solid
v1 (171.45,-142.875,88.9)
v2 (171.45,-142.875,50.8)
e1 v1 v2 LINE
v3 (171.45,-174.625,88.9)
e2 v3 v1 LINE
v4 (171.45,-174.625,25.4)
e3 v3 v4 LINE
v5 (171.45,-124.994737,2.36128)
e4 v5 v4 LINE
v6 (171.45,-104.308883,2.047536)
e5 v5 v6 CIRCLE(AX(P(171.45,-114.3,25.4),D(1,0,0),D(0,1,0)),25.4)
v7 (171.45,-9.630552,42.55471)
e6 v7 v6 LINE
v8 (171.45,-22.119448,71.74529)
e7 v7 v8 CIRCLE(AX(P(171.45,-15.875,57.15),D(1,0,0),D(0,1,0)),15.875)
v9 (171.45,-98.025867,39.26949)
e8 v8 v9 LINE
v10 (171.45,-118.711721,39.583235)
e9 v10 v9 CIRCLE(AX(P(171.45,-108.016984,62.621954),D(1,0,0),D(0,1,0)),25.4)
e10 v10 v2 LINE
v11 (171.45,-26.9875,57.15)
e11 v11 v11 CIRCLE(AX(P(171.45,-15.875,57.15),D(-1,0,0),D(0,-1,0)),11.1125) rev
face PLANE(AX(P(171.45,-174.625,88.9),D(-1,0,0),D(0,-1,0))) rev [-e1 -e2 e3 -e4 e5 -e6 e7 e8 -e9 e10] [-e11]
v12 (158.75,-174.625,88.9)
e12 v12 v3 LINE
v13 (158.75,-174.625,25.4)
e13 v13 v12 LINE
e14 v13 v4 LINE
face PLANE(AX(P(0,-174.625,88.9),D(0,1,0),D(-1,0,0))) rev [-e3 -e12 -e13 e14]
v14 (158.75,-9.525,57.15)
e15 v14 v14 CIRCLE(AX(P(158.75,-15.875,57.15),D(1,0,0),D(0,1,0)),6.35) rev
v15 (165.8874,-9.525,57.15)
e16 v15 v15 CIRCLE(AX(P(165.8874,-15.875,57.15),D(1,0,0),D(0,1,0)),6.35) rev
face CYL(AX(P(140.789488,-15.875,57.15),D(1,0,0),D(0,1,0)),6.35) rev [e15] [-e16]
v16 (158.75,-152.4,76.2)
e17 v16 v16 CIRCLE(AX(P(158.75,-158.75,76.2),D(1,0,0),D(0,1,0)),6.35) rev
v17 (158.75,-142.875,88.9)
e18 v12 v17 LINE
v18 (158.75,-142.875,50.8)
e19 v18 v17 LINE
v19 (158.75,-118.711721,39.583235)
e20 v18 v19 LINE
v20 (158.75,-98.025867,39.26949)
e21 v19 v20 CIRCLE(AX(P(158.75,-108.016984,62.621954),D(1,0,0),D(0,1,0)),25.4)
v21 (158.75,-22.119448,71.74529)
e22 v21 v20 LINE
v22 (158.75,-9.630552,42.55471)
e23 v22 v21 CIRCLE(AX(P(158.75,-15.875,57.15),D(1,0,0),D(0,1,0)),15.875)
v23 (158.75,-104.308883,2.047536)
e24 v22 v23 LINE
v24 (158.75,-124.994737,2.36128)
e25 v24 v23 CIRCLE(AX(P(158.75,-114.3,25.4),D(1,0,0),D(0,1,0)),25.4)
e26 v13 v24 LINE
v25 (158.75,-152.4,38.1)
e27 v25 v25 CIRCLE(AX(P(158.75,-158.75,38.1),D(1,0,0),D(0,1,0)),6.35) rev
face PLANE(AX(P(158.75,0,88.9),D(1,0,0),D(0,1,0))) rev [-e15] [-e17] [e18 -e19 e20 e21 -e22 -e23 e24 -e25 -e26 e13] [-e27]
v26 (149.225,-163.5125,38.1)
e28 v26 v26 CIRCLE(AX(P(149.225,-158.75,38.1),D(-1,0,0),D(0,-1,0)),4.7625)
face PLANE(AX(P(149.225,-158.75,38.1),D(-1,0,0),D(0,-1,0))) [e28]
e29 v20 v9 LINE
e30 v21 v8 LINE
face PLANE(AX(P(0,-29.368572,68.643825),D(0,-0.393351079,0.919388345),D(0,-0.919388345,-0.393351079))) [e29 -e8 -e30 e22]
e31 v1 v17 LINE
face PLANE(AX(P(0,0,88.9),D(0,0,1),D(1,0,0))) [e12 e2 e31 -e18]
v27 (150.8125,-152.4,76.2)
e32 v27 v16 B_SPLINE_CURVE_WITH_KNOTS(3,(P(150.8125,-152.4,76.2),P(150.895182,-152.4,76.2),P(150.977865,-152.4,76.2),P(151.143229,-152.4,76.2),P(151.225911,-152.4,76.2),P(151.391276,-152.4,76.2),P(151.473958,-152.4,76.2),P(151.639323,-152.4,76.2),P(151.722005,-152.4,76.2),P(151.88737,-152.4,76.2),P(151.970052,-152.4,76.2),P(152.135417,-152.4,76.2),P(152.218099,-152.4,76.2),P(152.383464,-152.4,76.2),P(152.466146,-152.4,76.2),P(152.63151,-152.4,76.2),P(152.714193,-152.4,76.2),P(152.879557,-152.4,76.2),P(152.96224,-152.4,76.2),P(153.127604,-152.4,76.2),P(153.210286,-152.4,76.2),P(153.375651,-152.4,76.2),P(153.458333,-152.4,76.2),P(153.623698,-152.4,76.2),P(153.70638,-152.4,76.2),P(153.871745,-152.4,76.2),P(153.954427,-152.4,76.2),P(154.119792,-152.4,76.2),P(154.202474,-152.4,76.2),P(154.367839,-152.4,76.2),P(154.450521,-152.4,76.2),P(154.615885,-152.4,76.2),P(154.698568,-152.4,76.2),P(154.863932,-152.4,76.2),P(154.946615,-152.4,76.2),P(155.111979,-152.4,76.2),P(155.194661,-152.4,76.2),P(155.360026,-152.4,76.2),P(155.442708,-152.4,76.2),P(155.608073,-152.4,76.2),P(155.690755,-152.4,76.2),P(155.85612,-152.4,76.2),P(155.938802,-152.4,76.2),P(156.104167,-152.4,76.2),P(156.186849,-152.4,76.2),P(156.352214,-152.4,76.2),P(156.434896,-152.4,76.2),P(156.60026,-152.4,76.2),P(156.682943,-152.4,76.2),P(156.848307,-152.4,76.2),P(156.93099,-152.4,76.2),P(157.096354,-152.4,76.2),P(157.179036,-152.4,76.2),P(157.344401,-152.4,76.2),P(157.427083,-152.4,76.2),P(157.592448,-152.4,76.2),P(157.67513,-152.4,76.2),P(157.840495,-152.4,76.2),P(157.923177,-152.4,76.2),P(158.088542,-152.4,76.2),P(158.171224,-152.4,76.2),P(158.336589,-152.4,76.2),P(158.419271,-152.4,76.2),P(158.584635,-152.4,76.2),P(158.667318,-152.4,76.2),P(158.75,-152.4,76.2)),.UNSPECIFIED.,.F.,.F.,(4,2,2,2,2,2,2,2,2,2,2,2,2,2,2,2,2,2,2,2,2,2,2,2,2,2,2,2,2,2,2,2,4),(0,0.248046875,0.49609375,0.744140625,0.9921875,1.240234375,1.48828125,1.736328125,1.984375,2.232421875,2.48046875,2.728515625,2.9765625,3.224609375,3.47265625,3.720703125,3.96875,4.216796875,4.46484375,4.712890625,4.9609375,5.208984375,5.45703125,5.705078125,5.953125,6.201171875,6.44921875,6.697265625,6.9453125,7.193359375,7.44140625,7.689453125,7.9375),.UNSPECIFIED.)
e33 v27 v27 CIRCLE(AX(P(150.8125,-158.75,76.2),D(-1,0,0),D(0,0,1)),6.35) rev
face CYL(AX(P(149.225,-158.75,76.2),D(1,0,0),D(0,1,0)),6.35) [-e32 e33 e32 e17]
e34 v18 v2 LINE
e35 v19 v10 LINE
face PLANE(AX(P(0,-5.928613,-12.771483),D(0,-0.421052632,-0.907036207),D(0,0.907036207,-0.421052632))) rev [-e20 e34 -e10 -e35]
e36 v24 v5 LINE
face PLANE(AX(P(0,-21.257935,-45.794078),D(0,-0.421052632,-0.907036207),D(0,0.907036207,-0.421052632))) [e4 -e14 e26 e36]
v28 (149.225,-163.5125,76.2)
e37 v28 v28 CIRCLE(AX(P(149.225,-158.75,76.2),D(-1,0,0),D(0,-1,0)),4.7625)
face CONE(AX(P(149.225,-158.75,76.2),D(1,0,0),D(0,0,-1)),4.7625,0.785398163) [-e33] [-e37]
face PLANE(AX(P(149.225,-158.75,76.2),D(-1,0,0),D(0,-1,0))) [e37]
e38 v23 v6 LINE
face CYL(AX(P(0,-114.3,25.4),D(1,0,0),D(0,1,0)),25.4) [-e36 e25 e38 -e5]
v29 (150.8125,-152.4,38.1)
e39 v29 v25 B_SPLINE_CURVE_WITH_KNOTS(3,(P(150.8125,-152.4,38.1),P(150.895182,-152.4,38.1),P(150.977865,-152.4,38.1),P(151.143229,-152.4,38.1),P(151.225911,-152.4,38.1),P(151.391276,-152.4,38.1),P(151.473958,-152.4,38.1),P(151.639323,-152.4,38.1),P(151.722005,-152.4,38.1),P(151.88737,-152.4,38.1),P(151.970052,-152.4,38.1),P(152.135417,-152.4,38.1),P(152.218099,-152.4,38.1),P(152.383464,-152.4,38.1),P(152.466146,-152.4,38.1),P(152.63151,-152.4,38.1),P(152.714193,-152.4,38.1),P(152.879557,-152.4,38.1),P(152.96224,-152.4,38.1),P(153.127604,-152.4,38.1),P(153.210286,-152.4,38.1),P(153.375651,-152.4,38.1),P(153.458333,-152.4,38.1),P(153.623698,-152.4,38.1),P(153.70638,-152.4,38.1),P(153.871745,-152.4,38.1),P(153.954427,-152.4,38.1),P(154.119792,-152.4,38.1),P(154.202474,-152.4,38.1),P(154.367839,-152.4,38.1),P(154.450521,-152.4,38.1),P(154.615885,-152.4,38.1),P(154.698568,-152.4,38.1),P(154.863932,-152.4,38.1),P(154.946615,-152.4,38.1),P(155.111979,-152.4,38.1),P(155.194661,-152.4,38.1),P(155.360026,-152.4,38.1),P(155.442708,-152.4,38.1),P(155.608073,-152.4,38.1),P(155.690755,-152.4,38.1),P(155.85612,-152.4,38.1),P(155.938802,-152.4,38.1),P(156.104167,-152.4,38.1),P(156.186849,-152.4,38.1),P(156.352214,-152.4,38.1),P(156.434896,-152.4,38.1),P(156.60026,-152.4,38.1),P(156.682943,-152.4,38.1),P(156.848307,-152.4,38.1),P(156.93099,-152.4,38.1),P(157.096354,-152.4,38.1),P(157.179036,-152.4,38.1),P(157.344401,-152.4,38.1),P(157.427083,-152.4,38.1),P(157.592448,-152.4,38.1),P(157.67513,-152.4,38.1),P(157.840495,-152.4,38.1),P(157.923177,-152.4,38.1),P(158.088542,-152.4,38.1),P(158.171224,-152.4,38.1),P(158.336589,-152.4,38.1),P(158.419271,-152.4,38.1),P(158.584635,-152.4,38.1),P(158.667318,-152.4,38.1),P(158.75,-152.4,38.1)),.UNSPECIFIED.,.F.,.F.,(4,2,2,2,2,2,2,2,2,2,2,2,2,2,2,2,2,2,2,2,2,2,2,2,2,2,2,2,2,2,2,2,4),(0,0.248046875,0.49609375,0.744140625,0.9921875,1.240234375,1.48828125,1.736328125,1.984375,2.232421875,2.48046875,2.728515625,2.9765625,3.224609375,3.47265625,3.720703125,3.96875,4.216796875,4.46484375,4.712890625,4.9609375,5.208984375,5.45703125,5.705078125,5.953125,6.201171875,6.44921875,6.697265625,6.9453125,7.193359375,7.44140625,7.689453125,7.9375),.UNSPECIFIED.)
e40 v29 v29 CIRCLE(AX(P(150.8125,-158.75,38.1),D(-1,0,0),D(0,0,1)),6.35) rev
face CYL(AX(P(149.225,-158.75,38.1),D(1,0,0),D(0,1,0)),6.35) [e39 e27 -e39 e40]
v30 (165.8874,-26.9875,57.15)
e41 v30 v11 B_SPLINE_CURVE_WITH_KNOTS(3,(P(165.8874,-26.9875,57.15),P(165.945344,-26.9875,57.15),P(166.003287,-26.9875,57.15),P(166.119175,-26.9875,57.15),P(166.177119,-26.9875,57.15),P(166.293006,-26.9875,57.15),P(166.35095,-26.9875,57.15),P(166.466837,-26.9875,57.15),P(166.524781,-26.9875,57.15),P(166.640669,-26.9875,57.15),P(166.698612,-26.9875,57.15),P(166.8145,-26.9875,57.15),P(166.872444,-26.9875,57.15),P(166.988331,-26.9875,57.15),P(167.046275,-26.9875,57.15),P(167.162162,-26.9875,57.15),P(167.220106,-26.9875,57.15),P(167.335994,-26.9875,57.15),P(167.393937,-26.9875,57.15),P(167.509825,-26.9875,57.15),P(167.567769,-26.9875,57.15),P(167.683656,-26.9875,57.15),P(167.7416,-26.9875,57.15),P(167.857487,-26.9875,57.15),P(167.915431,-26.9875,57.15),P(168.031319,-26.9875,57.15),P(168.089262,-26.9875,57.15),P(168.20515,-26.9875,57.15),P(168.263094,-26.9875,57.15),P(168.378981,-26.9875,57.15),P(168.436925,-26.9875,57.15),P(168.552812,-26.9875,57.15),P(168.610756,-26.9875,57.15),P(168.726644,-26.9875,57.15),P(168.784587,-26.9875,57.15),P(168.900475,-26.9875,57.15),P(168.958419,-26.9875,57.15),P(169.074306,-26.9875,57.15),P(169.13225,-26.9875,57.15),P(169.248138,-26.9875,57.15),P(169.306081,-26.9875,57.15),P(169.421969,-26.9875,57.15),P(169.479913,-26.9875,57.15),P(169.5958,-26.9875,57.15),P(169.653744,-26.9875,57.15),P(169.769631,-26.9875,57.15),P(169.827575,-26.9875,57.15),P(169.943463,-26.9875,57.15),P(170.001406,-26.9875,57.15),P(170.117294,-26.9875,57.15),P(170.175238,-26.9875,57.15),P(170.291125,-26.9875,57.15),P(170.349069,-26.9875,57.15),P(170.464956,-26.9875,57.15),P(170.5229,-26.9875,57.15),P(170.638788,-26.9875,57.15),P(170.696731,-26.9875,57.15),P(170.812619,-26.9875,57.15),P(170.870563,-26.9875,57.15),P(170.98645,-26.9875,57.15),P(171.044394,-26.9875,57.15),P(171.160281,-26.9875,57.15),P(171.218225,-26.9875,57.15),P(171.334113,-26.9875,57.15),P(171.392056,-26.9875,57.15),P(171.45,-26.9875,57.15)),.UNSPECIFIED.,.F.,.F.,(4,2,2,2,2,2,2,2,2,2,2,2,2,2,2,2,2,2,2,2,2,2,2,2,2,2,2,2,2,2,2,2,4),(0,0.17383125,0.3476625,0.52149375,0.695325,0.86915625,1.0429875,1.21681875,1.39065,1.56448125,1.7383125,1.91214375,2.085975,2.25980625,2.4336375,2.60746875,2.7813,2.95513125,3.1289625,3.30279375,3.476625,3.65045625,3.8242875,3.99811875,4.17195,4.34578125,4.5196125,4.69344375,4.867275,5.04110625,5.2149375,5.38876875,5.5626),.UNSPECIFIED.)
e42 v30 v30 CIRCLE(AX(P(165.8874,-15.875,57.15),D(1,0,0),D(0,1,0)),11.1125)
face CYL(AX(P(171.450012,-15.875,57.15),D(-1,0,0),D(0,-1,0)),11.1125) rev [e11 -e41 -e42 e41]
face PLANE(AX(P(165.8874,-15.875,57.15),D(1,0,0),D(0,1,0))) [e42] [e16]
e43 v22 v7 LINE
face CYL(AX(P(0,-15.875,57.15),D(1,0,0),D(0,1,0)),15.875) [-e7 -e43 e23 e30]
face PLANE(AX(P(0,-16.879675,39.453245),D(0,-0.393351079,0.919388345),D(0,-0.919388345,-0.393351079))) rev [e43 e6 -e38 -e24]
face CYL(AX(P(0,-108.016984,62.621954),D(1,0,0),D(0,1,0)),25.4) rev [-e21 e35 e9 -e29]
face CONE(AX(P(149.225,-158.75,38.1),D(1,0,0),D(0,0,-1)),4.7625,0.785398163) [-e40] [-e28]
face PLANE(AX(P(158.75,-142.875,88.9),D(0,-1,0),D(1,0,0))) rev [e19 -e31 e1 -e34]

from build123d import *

# Parameters (mm, degrees)
BOSS_EXTRUDE1_DEPTH      = 88.9
CUT_EXTRUDE2_DEPTH       = 241.232341963
CUT_EXTRUDE2_DEPTH_BACK  = 241.232341963
SKETCH3_R                = 28.575
CUT_EXTRUDE5_DEPTH       = 28.575
CUT_EXTRUDE6_DEPTH       = 243.134084755
CUT_EXTRUDE6_DEPTH_BACK  = 243.134084755
SKETCH4_R                = 12.7
CUT_EXTRUDE7_DEPTH       = 261.369359036
CUT_EXTRUDE7_DEPTH_BACK  = 261.369359036
CUT_EXTRUDE8_DEPTH       = 261.369359036
CUT_EXTRUDE8_DEPTH_BACK  = 12.7
SKETCH6_R                = 6.35
SKETCH7_R                = 6.35
CUT_EXTRUDE9_DEPTH       = 12.7
SKETCH12_R               = 12.7
CUT_EXTRUDE13_DEPTH      = 3.175
CUT_EXTRUDE14_DEPTH      = 158.75
CUT_EXTRUDE14_DEPTH_BACK = 253.187753717
CUT_EXTRUDE14_START      = -12.7
SKETCH14_R               = 1.5875
CUT_EXTRUDE15_DEPTH      = 261.369359036
CUT_EXTRUDE15_DEPTH_BACK = 261.369359036
SKETCH15_W               = 158.75
SKETCH15_H               = 174.625
SKETCH17_R               = 6.35
BOSS_EXTRUDE3_DEPTH      = 9.525
CHAMFER2_SIZE            = 1.5875
CUT_EXTRUDE16_DEPTH      = 198.208141947
CUT_EXTRUDE16_DEPTH_BACK = 5.5626
SKETCH18_R               = 11.1125


with BuildPart() as part:
    # Sketch1 → Boss-Extrude1 (new body)
    with BuildSketch(Plane.XY):
        Polygon((0, 0), (0, -174.625), (171.45, -174.625), (171.45, 0), (158.75, 0), (158.75, -142.875), (12.7, -142.875), (12.7, 0), align=None)
    extrude(amount=BOSS_EXTRUDE1_DEPTH)

    # Sketch2 → Cut-Extrude2 (cut, two sides: drawn at the far end of the back side and taken through both)
    with BuildSketch(Plane(origin=(0, -142.875, 0), x_dir=(1, 0, 0), z_dir=(0, 1, 0)).offset(-CUT_EXTRUDE2_DEPTH_BACK)):
        Polygon((158.75, 0), (12.7, 0), (12.7, -25.4), (85.724999876, -25.4), (158.75, -25.4), align=None)
    extrude(amount=CUT_EXTRUDE2_DEPTH + CUT_EXTRUDE2_DEPTH_BACK, mode=Mode.SUBTRACT)

    # Sketch3 → Cut-Extrude5 (cut)
    with BuildSketch(Plane.XZ.offset(174.625)):
        with Locations((85.725, 57.15)):
            Circle(SKETCH3_R)
    extrude(amount=-CUT_EXTRUDE5_DEPTH, mode=Mode.SUBTRACT)

    # Sketch4 → Cut-Extrude6 (cut, two sides: drawn at the far end of the back side and taken through both)
    with BuildSketch(Plane.XZ.offset(146.05).offset(-CUT_EXTRUDE6_DEPTH_BACK)):
        with Locations((85.725, 57.15)):
            Circle(SKETCH4_R)
    extrude(amount=CUT_EXTRUDE6_DEPTH + CUT_EXTRUDE6_DEPTH_BACK, mode=Mode.SUBTRACT)

    # Sketch5 → Cut-Extrude7 (cut, two sides: drawn at the far end of the back side and taken through both)
    with BuildSketch(Plane(origin=(171.45, 0, 0), x_dir=(0, 0, -1), z_dir=(1, 0, 0)).offset(-CUT_EXTRUDE7_DEPTH_BACK)):
        with BuildLine():
            Line((0, -174.625), (0, -114.3))
            ThreePointArc((0, -114.3), (-0.597344099, -119.776153781), (-2.361280333, -124.994736842))
            Line((-2.361280333, -124.994736842), (-25.4, -174.625))
            Line((-25.4, -174.625), (0, -174.625))
        make_face()
        with BuildLine():
            Line((-39.269490456, -98.025866748), (-71.745289975, -22.119448379))
            ThreePointArc((-71.745289975, -22.119448379), (-70.400400796, -7.131859618), (-57.149999966, 0))
            Line((-57.149999966, 0), (-88.9, 0))
            Line((-88.9, 0), (-88.9, -142.875))
            Line((-88.9, -142.875), (-50.8, -142.875))
            Line((-50.8, -142.875), (-39.583234749, -118.711720996))
            ThreePointArc((-39.583234749, -118.711720996), (-37.224875429, -108.402184034), (-39.269490456, -98.025866748))
        make_face()
        with BuildLine():
            Line((0, 0), (-57.149999966, 0))
            ThreePointArc((-57.149999966, 0), (-48.406859618, -2.624599204), (-42.554710025, -9.630551621))
            Line((-42.554710025, -9.630551621), (-2.047536041, -104.308882594))
            ThreePointArc((-2.047536041, -104.308882594), (-0.51714863, -109.200616928), (0, -114.3))
            Line((0, -114.3), (0, 0))
        make_face()
    extrude(amount=CUT_EXTRUDE7_DEPTH + CUT_EXTRUDE7_DEPTH_BACK, mode=Mode.SUBTRACT)

    # Sketch6 → Cut-Extrude8 (cut, two sides: drawn at the far end of the back side and taken through both)
    with BuildSketch(Plane(origin=(171.45, 0, 0), x_dir=(0, 0, -1), z_dir=(1, 0, 0)).offset(-CUT_EXTRUDE8_DEPTH_BACK)):
        with Locations(Location((-57.15, -15.875, 0), (0, 0, 90))):
            Circle(SKETCH6_R)
    extrude(amount=CUT_EXTRUDE8_DEPTH + CUT_EXTRUDE8_DEPTH_BACK, mode=Mode.SUBTRACT)

    # Sketch7 → Cut-Extrude9 (cut)
    with BuildSketch(Plane(origin=(12.7, 0, 0), x_dir=(0, 0, -1), z_dir=(1, 0, 0))):
        with Locations(Location((-57.15, -15.875, 0), (0, 0, 90))):
            Circle(SKETCH7_R)
    extrude(amount=-CUT_EXTRUDE9_DEPTH, mode=Mode.SUBTRACT)

    # Sketch12 → Cut-Extrude13 (cut)
    with BuildSketch(Plane(origin=(12.7, 0, 0), x_dir=(0, 0, -1), z_dir=(1, 0, 0))):
        with Locations((-57.15, -15.875)):
            Circle(SKETCH12_R)
    extrude(amount=-CUT_EXTRUDE13_DEPTH, mode=Mode.SUBTRACT)

    # Sketch14 → Cut-Extrude14 (cut, two sides: drawn at the far end of the back side and taken through both)
    with BuildSketch(Plane(origin=(12.7, 0, 0), x_dir=(0, 0, -1), z_dir=(1, 0, 0)).offset(CUT_EXTRUDE14_START - CUT_EXTRUDE14_DEPTH_BACK)):
        with Locations(Location((-53.770765225, -24.780413934, 0), (0, 0, 90))):
            Circle(SKETCH14_R)
        with Locations(Location((-66.551932086, -14.348796194, 0), (0, 0, 90))):
            Circle(SKETCH14_R)
        with Locations(Location((-51.12730269, -8.495789872, 0), (0, 0, 90))):
            Circle(SKETCH14_R)
    extrude(amount=CUT_EXTRUDE14_DEPTH + CUT_EXTRUDE14_DEPTH_BACK, mode=Mode.SUBTRACT)

    # Sketch15 → Cut-Extrude15 (cut, two sides: drawn at the far end of the back side and taken through both)
    with BuildSketch(Plane.XY.offset(88.9).offset(-CUT_EXTRUDE15_DEPTH_BACK)):
        with Locations((79.375, -87.3125)):
            Rectangle(SKETCH15_W, SKETCH15_H)
    extrude(amount=CUT_EXTRUDE15_DEPTH + CUT_EXTRUDE15_DEPTH_BACK, mode=Mode.SUBTRACT)

    # Sketch17 → Boss-Extrude3 (add)
    with BuildSketch(Plane.ZY.offset(-158.75)):
        with Locations(Location((76.2, -158.75, 0), (0, 0, 90))):
            Circle(SKETCH17_R)
        with Locations(Location((38.1, -158.75, 0), (0, 0, 90))):
            Circle(SKETCH17_R)
    extrude(amount=BOSS_EXTRUDE3_DEPTH)

    # Chamfer2
    chamfer2_edges = [part.edges().sort_by_distance(p)[0] for p in [
        (149.225, -165.1, 76.2),
        (149.225, -165.1, 38.1),
    ]]
    chamfer(chamfer2_edges, length=CHAMFER2_SIZE)

    # Sketch18 → Cut-Extrude16 (cut, two sides: drawn at the far end of the back side and taken through both)
    with BuildSketch(Plane(origin=(171.45, 0, 0), x_dir=(0, 0, -1), z_dir=(1, 0, 0)).offset(-CUT_EXTRUDE16_DEPTH_BACK)):
        with Locations(Location((-57.15, -15.875, 0), (0, 0, 270))):
            Circle(SKETCH18_R)
    extrude(amount=CUT_EXTRUDE16_DEPTH + CUT_EXTRUDE16_DEPTH_BACK, mode=Mode.SUBTRACT)


solid = part.part
